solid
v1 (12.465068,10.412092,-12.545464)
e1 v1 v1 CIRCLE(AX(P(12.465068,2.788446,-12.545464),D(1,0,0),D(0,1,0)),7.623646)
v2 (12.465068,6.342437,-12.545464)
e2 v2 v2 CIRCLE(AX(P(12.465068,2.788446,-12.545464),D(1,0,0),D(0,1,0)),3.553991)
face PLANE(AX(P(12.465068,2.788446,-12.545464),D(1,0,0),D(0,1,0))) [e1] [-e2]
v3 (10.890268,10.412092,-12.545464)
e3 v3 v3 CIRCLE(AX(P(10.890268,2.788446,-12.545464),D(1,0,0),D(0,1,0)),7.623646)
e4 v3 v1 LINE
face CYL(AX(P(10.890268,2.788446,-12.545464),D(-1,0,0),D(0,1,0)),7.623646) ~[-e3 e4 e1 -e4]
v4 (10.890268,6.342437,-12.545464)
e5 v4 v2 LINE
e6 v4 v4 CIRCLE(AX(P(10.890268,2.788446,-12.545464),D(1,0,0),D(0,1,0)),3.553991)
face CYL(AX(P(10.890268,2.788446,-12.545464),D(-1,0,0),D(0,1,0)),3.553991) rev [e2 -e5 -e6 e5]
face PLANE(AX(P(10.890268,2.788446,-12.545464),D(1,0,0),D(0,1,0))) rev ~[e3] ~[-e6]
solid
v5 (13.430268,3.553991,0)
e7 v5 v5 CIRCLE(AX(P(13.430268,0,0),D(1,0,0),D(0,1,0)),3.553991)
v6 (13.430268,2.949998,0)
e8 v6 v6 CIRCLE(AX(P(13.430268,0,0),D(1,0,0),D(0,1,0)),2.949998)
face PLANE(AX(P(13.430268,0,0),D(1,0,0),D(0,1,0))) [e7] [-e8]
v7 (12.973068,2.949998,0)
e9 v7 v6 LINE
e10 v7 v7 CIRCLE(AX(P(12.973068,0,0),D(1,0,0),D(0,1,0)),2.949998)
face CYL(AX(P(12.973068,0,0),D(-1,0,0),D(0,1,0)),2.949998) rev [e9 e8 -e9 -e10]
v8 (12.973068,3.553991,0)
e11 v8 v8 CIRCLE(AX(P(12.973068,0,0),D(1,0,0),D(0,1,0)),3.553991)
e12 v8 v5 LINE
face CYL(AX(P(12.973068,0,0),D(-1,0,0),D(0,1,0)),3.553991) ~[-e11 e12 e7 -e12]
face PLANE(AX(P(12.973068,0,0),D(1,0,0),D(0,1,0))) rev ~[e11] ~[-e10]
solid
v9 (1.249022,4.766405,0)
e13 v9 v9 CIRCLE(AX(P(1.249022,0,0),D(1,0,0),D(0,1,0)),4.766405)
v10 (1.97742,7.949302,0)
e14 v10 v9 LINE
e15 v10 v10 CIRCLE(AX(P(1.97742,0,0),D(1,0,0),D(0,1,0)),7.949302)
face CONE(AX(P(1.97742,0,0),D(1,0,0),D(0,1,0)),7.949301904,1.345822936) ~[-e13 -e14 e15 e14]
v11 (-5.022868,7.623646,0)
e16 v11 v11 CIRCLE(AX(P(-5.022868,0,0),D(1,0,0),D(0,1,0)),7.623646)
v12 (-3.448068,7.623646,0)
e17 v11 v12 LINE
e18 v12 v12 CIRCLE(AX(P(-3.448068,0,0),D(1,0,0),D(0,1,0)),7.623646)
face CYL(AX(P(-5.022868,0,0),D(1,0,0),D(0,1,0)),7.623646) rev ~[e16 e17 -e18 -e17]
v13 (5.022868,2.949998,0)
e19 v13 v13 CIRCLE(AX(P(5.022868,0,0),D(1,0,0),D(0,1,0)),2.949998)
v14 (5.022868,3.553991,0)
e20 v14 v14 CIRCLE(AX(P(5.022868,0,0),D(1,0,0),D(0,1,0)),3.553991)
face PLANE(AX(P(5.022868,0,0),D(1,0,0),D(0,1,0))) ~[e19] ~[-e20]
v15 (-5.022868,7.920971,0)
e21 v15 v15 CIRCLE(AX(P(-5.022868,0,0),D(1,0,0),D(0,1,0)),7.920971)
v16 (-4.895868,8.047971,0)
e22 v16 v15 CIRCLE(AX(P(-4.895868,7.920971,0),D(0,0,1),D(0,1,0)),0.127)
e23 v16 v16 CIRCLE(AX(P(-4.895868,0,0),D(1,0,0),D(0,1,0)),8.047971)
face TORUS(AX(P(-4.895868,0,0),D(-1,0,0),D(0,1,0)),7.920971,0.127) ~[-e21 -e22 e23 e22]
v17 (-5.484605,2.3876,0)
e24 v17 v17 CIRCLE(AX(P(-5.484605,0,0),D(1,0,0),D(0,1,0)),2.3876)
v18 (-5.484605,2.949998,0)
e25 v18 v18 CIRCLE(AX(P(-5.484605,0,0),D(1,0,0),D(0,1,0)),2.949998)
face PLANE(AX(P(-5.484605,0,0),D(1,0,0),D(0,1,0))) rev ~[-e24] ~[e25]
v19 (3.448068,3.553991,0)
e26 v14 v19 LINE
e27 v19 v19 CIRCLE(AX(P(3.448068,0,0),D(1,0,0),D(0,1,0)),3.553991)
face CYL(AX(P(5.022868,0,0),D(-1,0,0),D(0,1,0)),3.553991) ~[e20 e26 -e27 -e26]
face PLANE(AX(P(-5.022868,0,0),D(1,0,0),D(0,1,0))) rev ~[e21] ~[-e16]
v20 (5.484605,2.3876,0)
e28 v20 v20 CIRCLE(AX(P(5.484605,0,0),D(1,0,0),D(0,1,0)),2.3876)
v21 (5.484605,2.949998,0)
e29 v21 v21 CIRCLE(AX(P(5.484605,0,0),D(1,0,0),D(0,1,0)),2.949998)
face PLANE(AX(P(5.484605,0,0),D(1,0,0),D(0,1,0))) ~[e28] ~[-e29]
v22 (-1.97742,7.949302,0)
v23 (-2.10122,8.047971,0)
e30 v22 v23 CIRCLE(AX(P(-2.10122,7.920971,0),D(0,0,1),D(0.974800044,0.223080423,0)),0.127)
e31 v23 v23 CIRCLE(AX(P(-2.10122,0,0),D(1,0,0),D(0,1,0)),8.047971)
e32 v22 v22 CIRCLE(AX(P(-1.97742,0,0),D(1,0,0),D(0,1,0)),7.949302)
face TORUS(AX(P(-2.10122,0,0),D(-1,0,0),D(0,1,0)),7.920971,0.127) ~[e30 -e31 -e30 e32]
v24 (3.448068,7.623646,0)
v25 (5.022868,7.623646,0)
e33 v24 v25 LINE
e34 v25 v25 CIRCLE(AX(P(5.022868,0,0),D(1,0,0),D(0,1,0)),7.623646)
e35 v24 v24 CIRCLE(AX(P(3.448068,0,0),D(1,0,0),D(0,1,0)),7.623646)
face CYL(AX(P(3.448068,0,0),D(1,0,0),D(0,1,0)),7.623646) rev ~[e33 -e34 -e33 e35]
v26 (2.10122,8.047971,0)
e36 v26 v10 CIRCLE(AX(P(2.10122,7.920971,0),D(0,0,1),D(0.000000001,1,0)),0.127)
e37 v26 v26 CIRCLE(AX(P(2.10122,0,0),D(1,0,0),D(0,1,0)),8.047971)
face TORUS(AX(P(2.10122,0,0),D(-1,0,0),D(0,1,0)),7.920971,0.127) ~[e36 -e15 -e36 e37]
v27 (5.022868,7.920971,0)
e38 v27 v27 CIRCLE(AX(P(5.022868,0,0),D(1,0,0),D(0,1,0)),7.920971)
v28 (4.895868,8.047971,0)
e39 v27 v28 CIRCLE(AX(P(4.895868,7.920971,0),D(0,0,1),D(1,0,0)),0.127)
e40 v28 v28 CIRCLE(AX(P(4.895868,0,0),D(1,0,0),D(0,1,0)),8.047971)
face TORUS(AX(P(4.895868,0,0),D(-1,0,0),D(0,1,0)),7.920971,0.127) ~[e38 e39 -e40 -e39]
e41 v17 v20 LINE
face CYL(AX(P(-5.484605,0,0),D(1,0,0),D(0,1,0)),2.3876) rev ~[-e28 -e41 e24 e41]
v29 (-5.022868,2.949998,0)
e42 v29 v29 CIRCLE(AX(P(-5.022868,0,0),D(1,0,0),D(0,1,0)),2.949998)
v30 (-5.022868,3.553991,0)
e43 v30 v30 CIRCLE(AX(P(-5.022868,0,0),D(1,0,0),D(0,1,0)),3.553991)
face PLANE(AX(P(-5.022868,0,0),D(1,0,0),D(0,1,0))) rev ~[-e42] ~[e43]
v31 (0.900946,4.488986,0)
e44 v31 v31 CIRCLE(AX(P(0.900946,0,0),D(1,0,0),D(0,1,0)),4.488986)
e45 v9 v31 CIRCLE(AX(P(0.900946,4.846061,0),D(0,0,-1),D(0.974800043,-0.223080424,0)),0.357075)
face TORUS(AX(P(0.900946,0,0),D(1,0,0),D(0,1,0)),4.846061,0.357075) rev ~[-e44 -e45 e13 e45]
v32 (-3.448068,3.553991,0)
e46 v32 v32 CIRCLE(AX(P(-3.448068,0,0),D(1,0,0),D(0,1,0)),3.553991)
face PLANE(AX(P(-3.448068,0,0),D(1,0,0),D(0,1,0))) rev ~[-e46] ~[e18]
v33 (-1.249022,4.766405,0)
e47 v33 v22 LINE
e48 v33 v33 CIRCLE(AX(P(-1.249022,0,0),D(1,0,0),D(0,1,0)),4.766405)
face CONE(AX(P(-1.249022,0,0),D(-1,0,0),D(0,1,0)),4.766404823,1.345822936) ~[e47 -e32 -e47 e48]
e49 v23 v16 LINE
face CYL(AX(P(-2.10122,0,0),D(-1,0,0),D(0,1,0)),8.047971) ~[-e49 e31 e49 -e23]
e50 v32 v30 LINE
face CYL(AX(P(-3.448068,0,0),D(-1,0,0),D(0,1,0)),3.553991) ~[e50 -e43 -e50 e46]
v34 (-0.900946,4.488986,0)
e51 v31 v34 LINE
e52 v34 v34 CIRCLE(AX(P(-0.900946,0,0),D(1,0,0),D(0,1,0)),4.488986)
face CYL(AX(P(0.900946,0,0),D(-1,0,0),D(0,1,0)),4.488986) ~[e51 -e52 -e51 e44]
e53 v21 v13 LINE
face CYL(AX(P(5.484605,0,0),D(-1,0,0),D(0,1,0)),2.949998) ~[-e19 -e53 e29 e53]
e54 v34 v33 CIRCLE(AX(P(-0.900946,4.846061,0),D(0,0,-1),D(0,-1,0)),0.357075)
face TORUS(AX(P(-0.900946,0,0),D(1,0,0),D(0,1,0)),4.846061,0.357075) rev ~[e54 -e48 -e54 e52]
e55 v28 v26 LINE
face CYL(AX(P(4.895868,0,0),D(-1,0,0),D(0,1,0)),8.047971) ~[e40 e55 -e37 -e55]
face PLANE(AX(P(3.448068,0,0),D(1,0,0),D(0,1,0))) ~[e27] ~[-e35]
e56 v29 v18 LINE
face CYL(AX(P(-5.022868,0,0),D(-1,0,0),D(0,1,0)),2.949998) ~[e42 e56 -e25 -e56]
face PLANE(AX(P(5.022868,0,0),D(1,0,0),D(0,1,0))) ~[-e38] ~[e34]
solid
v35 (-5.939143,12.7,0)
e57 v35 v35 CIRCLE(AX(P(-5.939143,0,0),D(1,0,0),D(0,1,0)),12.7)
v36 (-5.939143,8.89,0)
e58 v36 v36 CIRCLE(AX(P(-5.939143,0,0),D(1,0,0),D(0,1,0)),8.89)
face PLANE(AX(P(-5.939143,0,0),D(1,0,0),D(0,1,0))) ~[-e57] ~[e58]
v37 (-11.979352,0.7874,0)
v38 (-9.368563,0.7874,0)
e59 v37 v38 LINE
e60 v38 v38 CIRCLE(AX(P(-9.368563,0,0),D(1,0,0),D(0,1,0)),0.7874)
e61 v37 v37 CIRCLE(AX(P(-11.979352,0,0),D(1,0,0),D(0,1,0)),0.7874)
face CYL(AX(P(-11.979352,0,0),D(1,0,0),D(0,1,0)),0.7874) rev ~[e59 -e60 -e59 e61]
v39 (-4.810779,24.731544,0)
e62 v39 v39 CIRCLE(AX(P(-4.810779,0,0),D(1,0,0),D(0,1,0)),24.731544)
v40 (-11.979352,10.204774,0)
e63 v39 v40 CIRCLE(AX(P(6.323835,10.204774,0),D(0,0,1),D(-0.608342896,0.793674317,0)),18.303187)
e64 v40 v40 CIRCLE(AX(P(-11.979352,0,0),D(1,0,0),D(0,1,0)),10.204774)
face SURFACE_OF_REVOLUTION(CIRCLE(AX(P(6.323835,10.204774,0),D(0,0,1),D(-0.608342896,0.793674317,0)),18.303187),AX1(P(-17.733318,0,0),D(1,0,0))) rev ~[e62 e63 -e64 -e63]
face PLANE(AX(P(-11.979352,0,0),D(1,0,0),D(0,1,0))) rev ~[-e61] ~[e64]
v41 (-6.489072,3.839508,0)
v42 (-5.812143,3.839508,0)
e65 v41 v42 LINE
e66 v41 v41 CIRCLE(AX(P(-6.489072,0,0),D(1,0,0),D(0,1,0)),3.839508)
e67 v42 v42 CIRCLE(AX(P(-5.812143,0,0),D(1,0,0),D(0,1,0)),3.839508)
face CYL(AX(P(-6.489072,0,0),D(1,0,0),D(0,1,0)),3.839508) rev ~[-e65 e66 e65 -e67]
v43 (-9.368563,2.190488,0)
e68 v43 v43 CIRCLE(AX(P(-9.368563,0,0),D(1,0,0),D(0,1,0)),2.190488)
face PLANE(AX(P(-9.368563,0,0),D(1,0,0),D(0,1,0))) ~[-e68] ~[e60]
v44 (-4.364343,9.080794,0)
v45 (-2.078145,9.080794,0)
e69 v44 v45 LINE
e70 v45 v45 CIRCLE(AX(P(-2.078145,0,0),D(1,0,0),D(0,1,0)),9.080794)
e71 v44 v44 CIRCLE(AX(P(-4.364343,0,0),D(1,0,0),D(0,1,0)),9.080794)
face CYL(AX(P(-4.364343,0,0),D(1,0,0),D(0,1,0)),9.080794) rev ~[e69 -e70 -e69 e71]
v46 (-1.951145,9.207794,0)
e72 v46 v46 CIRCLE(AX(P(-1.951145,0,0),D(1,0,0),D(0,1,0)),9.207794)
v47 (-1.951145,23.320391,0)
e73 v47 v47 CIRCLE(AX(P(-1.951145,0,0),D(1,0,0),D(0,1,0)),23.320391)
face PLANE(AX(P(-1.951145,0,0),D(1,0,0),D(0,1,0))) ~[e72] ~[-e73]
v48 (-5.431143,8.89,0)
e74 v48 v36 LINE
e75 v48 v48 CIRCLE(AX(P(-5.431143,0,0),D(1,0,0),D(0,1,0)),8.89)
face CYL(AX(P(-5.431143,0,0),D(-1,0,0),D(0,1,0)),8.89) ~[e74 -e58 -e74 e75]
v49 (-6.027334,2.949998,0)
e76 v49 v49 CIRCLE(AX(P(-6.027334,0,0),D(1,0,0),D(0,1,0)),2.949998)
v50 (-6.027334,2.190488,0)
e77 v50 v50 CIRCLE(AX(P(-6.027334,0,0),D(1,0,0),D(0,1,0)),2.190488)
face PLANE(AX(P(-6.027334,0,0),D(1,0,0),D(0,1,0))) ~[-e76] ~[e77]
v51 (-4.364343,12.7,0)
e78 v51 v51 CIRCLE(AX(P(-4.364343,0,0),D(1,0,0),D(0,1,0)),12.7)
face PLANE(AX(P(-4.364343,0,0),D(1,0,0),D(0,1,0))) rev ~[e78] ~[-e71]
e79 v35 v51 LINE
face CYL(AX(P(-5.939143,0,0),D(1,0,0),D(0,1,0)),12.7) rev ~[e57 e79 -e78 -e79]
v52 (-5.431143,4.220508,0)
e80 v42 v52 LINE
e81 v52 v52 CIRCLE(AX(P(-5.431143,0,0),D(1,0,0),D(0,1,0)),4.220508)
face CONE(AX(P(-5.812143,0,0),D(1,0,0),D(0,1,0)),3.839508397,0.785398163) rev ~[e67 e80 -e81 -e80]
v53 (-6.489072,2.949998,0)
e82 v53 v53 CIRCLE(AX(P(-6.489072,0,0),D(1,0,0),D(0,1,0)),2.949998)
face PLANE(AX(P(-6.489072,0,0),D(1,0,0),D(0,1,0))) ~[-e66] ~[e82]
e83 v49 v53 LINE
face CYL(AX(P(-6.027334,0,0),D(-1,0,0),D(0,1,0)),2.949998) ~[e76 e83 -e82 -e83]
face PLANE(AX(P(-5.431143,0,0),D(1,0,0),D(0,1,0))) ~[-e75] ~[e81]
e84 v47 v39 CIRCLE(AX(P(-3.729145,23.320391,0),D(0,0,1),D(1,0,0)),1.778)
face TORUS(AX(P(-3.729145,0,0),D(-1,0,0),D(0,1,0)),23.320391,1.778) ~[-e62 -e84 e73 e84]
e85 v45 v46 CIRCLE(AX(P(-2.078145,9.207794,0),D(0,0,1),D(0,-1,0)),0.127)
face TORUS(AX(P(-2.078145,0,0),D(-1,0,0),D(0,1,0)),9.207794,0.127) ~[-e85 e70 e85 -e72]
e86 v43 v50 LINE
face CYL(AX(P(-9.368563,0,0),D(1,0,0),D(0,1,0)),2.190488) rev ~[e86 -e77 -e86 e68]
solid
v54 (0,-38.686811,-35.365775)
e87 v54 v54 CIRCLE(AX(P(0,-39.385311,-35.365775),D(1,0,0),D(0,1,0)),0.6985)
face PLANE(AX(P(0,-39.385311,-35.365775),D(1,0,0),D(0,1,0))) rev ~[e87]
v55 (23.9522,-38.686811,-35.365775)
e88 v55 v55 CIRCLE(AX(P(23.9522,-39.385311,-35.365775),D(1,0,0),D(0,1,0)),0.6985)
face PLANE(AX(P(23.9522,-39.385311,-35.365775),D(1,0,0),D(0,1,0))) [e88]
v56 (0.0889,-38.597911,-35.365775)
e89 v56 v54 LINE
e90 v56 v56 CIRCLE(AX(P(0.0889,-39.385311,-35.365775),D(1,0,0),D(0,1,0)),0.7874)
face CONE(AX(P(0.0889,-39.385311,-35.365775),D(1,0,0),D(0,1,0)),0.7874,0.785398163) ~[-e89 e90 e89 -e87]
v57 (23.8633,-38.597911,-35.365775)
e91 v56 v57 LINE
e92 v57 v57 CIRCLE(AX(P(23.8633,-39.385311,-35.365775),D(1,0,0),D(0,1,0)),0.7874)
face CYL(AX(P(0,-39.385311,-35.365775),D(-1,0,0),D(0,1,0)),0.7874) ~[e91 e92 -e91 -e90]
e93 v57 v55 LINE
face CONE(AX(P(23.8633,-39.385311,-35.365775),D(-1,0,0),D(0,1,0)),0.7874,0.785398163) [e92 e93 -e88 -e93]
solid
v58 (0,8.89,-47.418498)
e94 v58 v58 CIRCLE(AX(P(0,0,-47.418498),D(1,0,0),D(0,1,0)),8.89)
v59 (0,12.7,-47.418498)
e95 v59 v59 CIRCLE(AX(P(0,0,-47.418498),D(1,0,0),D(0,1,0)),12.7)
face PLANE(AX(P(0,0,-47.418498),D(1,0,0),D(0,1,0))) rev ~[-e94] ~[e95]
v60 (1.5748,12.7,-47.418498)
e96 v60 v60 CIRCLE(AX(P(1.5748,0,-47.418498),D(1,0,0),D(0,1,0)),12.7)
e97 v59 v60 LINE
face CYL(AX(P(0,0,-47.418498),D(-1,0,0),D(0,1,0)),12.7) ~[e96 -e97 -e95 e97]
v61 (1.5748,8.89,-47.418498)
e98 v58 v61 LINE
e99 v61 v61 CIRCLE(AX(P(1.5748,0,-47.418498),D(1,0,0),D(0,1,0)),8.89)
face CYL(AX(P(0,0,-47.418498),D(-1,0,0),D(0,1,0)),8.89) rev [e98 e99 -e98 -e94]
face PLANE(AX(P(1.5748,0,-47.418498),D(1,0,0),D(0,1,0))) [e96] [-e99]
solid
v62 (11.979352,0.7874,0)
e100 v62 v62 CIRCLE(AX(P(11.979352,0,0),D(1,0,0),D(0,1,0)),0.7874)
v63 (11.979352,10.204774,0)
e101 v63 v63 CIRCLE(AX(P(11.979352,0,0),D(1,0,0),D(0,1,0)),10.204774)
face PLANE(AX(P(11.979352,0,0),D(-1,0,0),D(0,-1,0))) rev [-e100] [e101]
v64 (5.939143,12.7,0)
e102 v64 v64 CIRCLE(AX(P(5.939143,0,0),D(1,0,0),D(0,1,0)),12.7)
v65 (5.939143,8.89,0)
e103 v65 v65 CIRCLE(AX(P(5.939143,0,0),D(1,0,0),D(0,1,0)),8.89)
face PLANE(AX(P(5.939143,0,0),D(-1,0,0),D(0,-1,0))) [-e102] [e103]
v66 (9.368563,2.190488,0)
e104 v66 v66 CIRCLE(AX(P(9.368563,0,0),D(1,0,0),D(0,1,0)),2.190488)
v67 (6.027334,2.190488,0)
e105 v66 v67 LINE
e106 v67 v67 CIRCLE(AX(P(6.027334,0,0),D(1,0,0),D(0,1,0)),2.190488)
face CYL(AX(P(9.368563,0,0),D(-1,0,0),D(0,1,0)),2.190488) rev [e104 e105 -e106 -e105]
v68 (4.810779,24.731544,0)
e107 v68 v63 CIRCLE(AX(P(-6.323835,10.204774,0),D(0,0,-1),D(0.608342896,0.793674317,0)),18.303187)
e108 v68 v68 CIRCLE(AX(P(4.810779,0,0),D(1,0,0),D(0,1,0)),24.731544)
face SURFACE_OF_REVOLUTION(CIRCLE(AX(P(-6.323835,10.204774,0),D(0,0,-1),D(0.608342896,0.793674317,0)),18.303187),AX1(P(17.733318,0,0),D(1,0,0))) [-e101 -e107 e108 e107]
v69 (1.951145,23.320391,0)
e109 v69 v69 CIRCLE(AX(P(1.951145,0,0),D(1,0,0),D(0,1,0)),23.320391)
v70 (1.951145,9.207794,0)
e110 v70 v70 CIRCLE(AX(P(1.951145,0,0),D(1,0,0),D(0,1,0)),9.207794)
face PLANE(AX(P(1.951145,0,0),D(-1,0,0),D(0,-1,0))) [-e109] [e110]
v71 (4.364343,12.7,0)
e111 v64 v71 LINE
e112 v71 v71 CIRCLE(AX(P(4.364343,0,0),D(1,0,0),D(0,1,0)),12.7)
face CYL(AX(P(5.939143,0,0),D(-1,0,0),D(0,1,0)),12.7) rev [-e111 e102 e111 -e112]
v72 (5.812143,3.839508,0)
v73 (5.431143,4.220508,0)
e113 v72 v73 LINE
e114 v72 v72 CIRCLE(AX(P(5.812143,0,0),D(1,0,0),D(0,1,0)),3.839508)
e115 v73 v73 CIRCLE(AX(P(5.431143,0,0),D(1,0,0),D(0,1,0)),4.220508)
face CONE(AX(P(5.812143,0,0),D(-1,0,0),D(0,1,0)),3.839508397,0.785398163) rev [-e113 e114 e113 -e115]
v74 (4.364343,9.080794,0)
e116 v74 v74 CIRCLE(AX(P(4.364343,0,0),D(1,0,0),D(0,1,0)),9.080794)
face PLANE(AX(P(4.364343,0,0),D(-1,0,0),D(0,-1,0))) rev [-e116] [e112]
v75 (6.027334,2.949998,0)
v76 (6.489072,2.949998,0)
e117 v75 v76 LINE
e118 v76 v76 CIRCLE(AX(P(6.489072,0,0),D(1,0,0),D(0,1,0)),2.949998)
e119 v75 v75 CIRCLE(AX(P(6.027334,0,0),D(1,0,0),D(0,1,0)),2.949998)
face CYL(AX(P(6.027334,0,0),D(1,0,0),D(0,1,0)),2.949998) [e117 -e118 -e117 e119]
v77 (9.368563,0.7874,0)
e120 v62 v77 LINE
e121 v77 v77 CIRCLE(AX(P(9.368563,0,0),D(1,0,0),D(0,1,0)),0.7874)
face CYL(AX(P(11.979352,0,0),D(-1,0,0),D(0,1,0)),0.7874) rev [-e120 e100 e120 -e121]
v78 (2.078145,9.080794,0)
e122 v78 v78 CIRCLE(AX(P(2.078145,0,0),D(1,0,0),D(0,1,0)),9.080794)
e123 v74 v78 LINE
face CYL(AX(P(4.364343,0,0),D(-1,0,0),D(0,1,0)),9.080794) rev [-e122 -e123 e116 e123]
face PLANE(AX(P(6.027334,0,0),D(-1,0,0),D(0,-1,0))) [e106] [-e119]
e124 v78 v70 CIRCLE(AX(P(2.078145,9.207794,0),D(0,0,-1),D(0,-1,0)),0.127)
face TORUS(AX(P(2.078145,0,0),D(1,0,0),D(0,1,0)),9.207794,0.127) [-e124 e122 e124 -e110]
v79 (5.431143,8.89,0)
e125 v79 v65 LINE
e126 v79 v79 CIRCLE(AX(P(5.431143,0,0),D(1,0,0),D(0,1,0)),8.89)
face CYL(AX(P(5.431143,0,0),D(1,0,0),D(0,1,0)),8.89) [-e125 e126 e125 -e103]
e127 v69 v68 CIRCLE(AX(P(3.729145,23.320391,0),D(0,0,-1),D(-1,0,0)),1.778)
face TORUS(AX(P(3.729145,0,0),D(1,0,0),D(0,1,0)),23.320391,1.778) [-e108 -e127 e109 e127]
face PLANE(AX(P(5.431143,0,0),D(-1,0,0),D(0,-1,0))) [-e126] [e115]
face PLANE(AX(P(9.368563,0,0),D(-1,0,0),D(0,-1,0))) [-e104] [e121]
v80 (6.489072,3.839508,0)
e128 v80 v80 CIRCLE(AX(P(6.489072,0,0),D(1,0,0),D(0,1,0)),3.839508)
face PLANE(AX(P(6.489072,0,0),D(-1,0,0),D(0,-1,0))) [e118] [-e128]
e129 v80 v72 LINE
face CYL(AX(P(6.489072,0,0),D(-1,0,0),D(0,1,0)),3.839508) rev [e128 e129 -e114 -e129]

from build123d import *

# Parameters (mm, degrees)
F1_R      = 0.7874
F2_DEPTH  = 23.9522
F3_SIZE   = 0.0889
F8_R      = 7.6236459427
F8_R_2    = 3.553991206
F9_DEPTH  = 1.5748
F11_R     = 3.553991206
F11_R_2   = 2.9499975499
F12_DEPTH = 0.4572
F15_R     = 12.7
F15_R_2   = 8.89
F16_DEPTH = 1.5748
F17_SIZE  = 0.381
F18_SIZE  = 0.381


with BuildPart() as f2:
    # F1 (on Right) → F2 (new body)
    with BuildSketch(Plane.YZ):
        with Locations((-39.3853113055, -35.3657752275)):
            Circle(F1_R)
    extrude(amount=F2_DEPTH)

    # F3
    f3_edges = [f2.edges().sort_by_distance(p)[0] for p in [
        (23.9522, -40.172711, -35.365775),
        (0, -40.172711, -35.365775),
    ]]
    chamfer(f3_edges, length=F3_SIZE)


with BuildPart() as f5:
    # F4 (on Top) → F5 (revolve)
    with BuildSketch(Plane.XY):
        with BuildLine():
            ThreePointArc((-4.810778987, 24.7315437196), (-10.0896592648, 18.3043957243), (-11.9793522448, 10.2047742033))
            Line((-11.9793522448, 10.2047742033), (-11.9793522448, 0.7874))
            Line((-11.9793522448, 0.7874), (-9.3685631268, 0.7874))
            Line((-9.3685631268, 0.7874), (-9.3685631268, 2.1904882131))
            Line((-9.3685631268, 2.1904882131), (-6.0273339317, 2.1904882131))
            Line((-6.0273339317, 2.1904882131), (-6.0273339317, 2.9499975499))
            Line((-6.0273339317, 2.9499975499), (-6.4890715294, 2.9499975499))
            Line((-6.4890715294, 2.9499975499), (-6.4890715294, 3.8395083975))
            Line((-6.4890715294, 3.8395083975), (-5.4311427785, 3.8395083975))
            Line((-5.4311427785, 3.8395083975), (-5.4311427785, 8.89))
            Line((-5.4311427785, 8.89), (-5.9391427785, 8.89))
            Line((-5.9391427785, 8.89), (-5.9391427785, 12.7))
            Line((-5.9391427785, 12.7), (-4.3643427785, 12.7))
            Line((-4.3643427785, 12.7), (-4.3643427785, 9.2077940939))
            Line((-4.3643427785, 9.2077940939), (-4.3643427785, 9.0807940939))
            Line((-4.3643427785, 9.0807940939), (-4.2585514377, 9.0807940939))
            Line((-4.2585514377, 9.0807940939), (-2.6545385182, 9.0807940939))
            Line((-2.6545385182, 9.0807940939), (-2.0781453184, 9.0807940939))
            ThreePointArc((-2.0781453184, 9.0807940939), (-1.9883427572, 9.1179915327), (-1.9511453184, 9.2077940939))
            Line((-1.9511453184, 9.2077940939), (-1.9511453184, 23.3203907843))
            ThreePointArc((-1.9511453184, 23.3203907843), (-2.9423355138, 24.9148230755), (-4.810778987, 24.7315437196))
        make_face()
    revolve(axis=Axis((-17.7333177999, 0, 0), (1, 0, 0)))


with BuildPart() as f6:
    # F0 (on Top) → F6 (revolve)
    with BuildSketch(Plane.XY):
        with BuildLine():
            Line((-1.2490222894, 4.7664048232), (-1.977419908, 7.9493019037))
            ThreePointArc((-1.977419908, 7.9493019037), (-2.0220648047, 8.0202860063), (-2.1012195135, 8.0479706898))
            Line((-2.1012195135, 8.0479706898), (-4.8958676104, 8.0479706898))
            ThreePointArc((-4.8958676104, 8.0479706898), (-4.9856701716, 8.010773251), (-5.0228676104, 7.9209706898))
            Line((-5.0228676104, 7.9209706898), (-5.0228676104, 7.6236459427))
            Line((-5.0228676104, 7.6236459427), (-3.4480676104, 7.6236459427))
            Line((-3.4480676104, 7.6236459427), (-3.4480676104, 3.553991206))
            Line((-3.4480676104, 3.553991206), (-5.0228676104, 3.553991206))
            Line((-5.0228676104, 3.553991206), (-5.0228676104, 2.9499975499))
            Line((-5.0228676104, 2.9499975499), (-5.484605208, 2.9499975499))
            Line((-5.484605208, 2.9499975499), (-5.484605208, 2.3876))
            Line((-5.484605208, 2.3876), (5.484605208, 2.3876))
            Line((5.484605208, 2.3876), (5.484605208, 2.9499975499))
            Line((5.484605208, 2.9499975499), (5.0228676104, 2.9499975499))
            Line((5.0228676104, 2.9499975499), (5.0228676104, 3.553991206))
            Line((5.0228676104, 3.553991206), (3.4480676104, 3.553991206))
            Line((3.4480676104, 3.553991206), (3.4480676104, 7.6236459427))
            Line((3.4480676104, 7.6236459427), (5.0228676104, 7.6236459427))
            Line((5.0228676104, 7.6236459427), (5.0228676104, 7.9209706898))
            ThreePointArc((5.0228676104, 7.9209706898), (4.9856701716, 8.010773251), (4.8958676104, 8.0479706898))
            Line((4.8958676104, 8.0479706898), (2.1012195135, 8.0479706898))
            ThreePointArc((2.1012195135, 8.0479706898), (2.0220648047, 8.0202860063), (1.977419908, 7.9493019037))
            Line((1.977419908, 7.9493019037), (1.2490222894, 4.7664048232))
            ThreePointArc((1.2490222894, 4.7664048232), (1.1234981698, 4.5668250809), (0.9009458546, 4.4889864972))
            Line((0.9009458546, 4.4889864972), (-0.9009458546, 4.4889864972))
            ThreePointArc((-0.9009458546, 4.4889864972), (-1.1234981698, 4.5668250809), (-1.2490222894, 4.7664048232))
        make_face()
    revolve(axis=Axis((2.2696501616, 0, 0), (1, 0, 0)))


with BuildPart() as f7_1:
    # F7: instance of F5
    add(f5.part.mirror(Plane.YZ))

    # F18
    f18_edges = [f7_1.edges().sort_by_distance(p)[0] for p in [
        (5.431143, -3.839508, 0),
    ]]
    chamfer(f18_edges, length=F18_SIZE)


with BuildPart() as f9:
    # F8 (on face) → F9 (new body)
    with BuildSketch(Plane.YZ.offset(3.4480676104)):
        with Locations((2.7884461451, -34.8212644458)):
            Circle(F8_R)
        with Locations((2.7884461451, -34.8212644458)):
            Circle(F8_R_2, mode=Mode.SUBTRACT)
    extrude(amount=F9_DEPTH)


with BuildPart() as f9_1:
    # F10: moved
    add(f9.part.moved(Location((7.4422, 0, 0))))


with BuildPart() as f12:
    # F11 (on face) → F12 (new body)
    with BuildSketch(Plane.YZ.offset(5.0228676104)):
        Circle(F11_R)
        Circle(F11_R_2, mode=Mode.SUBTRACT)
    extrude(amount=F12_DEPTH)


with BuildPart() as f12_1:
    # F13: moved
    add(f12.part.moved(Location((7.9502, 0, 0))))


with BuildPart() as f9_2:
    # F14: moved
    add(f9_1.part.moved(Location((0, 0, 22.2758))))


with BuildPart() as f16:
    # F15 (on Right) → F16 (new body)
    with BuildSketch(Plane.YZ):
        with Locations((0, -47.4184975028)):
            Circle(F15_R)
        with Locations((0, -47.4184975028)):
            Circle(F15_R_2, mode=Mode.SUBTRACT)
    extrude(amount=F16_DEPTH)


with BuildPart() as f5_1:
    add(f5.part)

    # F17
    f17_edges = [f5_1.edges().sort_by_distance(p)[0] for p in [
        (-5.431143, -3.839508, 0),
    ]]
    chamfer(f17_edges, length=F17_SIZE)


solid = Compound([f2.part, f6.part, f7_1.part, f12_1.part, f9_2.part, f16.part, f5_1.part])
